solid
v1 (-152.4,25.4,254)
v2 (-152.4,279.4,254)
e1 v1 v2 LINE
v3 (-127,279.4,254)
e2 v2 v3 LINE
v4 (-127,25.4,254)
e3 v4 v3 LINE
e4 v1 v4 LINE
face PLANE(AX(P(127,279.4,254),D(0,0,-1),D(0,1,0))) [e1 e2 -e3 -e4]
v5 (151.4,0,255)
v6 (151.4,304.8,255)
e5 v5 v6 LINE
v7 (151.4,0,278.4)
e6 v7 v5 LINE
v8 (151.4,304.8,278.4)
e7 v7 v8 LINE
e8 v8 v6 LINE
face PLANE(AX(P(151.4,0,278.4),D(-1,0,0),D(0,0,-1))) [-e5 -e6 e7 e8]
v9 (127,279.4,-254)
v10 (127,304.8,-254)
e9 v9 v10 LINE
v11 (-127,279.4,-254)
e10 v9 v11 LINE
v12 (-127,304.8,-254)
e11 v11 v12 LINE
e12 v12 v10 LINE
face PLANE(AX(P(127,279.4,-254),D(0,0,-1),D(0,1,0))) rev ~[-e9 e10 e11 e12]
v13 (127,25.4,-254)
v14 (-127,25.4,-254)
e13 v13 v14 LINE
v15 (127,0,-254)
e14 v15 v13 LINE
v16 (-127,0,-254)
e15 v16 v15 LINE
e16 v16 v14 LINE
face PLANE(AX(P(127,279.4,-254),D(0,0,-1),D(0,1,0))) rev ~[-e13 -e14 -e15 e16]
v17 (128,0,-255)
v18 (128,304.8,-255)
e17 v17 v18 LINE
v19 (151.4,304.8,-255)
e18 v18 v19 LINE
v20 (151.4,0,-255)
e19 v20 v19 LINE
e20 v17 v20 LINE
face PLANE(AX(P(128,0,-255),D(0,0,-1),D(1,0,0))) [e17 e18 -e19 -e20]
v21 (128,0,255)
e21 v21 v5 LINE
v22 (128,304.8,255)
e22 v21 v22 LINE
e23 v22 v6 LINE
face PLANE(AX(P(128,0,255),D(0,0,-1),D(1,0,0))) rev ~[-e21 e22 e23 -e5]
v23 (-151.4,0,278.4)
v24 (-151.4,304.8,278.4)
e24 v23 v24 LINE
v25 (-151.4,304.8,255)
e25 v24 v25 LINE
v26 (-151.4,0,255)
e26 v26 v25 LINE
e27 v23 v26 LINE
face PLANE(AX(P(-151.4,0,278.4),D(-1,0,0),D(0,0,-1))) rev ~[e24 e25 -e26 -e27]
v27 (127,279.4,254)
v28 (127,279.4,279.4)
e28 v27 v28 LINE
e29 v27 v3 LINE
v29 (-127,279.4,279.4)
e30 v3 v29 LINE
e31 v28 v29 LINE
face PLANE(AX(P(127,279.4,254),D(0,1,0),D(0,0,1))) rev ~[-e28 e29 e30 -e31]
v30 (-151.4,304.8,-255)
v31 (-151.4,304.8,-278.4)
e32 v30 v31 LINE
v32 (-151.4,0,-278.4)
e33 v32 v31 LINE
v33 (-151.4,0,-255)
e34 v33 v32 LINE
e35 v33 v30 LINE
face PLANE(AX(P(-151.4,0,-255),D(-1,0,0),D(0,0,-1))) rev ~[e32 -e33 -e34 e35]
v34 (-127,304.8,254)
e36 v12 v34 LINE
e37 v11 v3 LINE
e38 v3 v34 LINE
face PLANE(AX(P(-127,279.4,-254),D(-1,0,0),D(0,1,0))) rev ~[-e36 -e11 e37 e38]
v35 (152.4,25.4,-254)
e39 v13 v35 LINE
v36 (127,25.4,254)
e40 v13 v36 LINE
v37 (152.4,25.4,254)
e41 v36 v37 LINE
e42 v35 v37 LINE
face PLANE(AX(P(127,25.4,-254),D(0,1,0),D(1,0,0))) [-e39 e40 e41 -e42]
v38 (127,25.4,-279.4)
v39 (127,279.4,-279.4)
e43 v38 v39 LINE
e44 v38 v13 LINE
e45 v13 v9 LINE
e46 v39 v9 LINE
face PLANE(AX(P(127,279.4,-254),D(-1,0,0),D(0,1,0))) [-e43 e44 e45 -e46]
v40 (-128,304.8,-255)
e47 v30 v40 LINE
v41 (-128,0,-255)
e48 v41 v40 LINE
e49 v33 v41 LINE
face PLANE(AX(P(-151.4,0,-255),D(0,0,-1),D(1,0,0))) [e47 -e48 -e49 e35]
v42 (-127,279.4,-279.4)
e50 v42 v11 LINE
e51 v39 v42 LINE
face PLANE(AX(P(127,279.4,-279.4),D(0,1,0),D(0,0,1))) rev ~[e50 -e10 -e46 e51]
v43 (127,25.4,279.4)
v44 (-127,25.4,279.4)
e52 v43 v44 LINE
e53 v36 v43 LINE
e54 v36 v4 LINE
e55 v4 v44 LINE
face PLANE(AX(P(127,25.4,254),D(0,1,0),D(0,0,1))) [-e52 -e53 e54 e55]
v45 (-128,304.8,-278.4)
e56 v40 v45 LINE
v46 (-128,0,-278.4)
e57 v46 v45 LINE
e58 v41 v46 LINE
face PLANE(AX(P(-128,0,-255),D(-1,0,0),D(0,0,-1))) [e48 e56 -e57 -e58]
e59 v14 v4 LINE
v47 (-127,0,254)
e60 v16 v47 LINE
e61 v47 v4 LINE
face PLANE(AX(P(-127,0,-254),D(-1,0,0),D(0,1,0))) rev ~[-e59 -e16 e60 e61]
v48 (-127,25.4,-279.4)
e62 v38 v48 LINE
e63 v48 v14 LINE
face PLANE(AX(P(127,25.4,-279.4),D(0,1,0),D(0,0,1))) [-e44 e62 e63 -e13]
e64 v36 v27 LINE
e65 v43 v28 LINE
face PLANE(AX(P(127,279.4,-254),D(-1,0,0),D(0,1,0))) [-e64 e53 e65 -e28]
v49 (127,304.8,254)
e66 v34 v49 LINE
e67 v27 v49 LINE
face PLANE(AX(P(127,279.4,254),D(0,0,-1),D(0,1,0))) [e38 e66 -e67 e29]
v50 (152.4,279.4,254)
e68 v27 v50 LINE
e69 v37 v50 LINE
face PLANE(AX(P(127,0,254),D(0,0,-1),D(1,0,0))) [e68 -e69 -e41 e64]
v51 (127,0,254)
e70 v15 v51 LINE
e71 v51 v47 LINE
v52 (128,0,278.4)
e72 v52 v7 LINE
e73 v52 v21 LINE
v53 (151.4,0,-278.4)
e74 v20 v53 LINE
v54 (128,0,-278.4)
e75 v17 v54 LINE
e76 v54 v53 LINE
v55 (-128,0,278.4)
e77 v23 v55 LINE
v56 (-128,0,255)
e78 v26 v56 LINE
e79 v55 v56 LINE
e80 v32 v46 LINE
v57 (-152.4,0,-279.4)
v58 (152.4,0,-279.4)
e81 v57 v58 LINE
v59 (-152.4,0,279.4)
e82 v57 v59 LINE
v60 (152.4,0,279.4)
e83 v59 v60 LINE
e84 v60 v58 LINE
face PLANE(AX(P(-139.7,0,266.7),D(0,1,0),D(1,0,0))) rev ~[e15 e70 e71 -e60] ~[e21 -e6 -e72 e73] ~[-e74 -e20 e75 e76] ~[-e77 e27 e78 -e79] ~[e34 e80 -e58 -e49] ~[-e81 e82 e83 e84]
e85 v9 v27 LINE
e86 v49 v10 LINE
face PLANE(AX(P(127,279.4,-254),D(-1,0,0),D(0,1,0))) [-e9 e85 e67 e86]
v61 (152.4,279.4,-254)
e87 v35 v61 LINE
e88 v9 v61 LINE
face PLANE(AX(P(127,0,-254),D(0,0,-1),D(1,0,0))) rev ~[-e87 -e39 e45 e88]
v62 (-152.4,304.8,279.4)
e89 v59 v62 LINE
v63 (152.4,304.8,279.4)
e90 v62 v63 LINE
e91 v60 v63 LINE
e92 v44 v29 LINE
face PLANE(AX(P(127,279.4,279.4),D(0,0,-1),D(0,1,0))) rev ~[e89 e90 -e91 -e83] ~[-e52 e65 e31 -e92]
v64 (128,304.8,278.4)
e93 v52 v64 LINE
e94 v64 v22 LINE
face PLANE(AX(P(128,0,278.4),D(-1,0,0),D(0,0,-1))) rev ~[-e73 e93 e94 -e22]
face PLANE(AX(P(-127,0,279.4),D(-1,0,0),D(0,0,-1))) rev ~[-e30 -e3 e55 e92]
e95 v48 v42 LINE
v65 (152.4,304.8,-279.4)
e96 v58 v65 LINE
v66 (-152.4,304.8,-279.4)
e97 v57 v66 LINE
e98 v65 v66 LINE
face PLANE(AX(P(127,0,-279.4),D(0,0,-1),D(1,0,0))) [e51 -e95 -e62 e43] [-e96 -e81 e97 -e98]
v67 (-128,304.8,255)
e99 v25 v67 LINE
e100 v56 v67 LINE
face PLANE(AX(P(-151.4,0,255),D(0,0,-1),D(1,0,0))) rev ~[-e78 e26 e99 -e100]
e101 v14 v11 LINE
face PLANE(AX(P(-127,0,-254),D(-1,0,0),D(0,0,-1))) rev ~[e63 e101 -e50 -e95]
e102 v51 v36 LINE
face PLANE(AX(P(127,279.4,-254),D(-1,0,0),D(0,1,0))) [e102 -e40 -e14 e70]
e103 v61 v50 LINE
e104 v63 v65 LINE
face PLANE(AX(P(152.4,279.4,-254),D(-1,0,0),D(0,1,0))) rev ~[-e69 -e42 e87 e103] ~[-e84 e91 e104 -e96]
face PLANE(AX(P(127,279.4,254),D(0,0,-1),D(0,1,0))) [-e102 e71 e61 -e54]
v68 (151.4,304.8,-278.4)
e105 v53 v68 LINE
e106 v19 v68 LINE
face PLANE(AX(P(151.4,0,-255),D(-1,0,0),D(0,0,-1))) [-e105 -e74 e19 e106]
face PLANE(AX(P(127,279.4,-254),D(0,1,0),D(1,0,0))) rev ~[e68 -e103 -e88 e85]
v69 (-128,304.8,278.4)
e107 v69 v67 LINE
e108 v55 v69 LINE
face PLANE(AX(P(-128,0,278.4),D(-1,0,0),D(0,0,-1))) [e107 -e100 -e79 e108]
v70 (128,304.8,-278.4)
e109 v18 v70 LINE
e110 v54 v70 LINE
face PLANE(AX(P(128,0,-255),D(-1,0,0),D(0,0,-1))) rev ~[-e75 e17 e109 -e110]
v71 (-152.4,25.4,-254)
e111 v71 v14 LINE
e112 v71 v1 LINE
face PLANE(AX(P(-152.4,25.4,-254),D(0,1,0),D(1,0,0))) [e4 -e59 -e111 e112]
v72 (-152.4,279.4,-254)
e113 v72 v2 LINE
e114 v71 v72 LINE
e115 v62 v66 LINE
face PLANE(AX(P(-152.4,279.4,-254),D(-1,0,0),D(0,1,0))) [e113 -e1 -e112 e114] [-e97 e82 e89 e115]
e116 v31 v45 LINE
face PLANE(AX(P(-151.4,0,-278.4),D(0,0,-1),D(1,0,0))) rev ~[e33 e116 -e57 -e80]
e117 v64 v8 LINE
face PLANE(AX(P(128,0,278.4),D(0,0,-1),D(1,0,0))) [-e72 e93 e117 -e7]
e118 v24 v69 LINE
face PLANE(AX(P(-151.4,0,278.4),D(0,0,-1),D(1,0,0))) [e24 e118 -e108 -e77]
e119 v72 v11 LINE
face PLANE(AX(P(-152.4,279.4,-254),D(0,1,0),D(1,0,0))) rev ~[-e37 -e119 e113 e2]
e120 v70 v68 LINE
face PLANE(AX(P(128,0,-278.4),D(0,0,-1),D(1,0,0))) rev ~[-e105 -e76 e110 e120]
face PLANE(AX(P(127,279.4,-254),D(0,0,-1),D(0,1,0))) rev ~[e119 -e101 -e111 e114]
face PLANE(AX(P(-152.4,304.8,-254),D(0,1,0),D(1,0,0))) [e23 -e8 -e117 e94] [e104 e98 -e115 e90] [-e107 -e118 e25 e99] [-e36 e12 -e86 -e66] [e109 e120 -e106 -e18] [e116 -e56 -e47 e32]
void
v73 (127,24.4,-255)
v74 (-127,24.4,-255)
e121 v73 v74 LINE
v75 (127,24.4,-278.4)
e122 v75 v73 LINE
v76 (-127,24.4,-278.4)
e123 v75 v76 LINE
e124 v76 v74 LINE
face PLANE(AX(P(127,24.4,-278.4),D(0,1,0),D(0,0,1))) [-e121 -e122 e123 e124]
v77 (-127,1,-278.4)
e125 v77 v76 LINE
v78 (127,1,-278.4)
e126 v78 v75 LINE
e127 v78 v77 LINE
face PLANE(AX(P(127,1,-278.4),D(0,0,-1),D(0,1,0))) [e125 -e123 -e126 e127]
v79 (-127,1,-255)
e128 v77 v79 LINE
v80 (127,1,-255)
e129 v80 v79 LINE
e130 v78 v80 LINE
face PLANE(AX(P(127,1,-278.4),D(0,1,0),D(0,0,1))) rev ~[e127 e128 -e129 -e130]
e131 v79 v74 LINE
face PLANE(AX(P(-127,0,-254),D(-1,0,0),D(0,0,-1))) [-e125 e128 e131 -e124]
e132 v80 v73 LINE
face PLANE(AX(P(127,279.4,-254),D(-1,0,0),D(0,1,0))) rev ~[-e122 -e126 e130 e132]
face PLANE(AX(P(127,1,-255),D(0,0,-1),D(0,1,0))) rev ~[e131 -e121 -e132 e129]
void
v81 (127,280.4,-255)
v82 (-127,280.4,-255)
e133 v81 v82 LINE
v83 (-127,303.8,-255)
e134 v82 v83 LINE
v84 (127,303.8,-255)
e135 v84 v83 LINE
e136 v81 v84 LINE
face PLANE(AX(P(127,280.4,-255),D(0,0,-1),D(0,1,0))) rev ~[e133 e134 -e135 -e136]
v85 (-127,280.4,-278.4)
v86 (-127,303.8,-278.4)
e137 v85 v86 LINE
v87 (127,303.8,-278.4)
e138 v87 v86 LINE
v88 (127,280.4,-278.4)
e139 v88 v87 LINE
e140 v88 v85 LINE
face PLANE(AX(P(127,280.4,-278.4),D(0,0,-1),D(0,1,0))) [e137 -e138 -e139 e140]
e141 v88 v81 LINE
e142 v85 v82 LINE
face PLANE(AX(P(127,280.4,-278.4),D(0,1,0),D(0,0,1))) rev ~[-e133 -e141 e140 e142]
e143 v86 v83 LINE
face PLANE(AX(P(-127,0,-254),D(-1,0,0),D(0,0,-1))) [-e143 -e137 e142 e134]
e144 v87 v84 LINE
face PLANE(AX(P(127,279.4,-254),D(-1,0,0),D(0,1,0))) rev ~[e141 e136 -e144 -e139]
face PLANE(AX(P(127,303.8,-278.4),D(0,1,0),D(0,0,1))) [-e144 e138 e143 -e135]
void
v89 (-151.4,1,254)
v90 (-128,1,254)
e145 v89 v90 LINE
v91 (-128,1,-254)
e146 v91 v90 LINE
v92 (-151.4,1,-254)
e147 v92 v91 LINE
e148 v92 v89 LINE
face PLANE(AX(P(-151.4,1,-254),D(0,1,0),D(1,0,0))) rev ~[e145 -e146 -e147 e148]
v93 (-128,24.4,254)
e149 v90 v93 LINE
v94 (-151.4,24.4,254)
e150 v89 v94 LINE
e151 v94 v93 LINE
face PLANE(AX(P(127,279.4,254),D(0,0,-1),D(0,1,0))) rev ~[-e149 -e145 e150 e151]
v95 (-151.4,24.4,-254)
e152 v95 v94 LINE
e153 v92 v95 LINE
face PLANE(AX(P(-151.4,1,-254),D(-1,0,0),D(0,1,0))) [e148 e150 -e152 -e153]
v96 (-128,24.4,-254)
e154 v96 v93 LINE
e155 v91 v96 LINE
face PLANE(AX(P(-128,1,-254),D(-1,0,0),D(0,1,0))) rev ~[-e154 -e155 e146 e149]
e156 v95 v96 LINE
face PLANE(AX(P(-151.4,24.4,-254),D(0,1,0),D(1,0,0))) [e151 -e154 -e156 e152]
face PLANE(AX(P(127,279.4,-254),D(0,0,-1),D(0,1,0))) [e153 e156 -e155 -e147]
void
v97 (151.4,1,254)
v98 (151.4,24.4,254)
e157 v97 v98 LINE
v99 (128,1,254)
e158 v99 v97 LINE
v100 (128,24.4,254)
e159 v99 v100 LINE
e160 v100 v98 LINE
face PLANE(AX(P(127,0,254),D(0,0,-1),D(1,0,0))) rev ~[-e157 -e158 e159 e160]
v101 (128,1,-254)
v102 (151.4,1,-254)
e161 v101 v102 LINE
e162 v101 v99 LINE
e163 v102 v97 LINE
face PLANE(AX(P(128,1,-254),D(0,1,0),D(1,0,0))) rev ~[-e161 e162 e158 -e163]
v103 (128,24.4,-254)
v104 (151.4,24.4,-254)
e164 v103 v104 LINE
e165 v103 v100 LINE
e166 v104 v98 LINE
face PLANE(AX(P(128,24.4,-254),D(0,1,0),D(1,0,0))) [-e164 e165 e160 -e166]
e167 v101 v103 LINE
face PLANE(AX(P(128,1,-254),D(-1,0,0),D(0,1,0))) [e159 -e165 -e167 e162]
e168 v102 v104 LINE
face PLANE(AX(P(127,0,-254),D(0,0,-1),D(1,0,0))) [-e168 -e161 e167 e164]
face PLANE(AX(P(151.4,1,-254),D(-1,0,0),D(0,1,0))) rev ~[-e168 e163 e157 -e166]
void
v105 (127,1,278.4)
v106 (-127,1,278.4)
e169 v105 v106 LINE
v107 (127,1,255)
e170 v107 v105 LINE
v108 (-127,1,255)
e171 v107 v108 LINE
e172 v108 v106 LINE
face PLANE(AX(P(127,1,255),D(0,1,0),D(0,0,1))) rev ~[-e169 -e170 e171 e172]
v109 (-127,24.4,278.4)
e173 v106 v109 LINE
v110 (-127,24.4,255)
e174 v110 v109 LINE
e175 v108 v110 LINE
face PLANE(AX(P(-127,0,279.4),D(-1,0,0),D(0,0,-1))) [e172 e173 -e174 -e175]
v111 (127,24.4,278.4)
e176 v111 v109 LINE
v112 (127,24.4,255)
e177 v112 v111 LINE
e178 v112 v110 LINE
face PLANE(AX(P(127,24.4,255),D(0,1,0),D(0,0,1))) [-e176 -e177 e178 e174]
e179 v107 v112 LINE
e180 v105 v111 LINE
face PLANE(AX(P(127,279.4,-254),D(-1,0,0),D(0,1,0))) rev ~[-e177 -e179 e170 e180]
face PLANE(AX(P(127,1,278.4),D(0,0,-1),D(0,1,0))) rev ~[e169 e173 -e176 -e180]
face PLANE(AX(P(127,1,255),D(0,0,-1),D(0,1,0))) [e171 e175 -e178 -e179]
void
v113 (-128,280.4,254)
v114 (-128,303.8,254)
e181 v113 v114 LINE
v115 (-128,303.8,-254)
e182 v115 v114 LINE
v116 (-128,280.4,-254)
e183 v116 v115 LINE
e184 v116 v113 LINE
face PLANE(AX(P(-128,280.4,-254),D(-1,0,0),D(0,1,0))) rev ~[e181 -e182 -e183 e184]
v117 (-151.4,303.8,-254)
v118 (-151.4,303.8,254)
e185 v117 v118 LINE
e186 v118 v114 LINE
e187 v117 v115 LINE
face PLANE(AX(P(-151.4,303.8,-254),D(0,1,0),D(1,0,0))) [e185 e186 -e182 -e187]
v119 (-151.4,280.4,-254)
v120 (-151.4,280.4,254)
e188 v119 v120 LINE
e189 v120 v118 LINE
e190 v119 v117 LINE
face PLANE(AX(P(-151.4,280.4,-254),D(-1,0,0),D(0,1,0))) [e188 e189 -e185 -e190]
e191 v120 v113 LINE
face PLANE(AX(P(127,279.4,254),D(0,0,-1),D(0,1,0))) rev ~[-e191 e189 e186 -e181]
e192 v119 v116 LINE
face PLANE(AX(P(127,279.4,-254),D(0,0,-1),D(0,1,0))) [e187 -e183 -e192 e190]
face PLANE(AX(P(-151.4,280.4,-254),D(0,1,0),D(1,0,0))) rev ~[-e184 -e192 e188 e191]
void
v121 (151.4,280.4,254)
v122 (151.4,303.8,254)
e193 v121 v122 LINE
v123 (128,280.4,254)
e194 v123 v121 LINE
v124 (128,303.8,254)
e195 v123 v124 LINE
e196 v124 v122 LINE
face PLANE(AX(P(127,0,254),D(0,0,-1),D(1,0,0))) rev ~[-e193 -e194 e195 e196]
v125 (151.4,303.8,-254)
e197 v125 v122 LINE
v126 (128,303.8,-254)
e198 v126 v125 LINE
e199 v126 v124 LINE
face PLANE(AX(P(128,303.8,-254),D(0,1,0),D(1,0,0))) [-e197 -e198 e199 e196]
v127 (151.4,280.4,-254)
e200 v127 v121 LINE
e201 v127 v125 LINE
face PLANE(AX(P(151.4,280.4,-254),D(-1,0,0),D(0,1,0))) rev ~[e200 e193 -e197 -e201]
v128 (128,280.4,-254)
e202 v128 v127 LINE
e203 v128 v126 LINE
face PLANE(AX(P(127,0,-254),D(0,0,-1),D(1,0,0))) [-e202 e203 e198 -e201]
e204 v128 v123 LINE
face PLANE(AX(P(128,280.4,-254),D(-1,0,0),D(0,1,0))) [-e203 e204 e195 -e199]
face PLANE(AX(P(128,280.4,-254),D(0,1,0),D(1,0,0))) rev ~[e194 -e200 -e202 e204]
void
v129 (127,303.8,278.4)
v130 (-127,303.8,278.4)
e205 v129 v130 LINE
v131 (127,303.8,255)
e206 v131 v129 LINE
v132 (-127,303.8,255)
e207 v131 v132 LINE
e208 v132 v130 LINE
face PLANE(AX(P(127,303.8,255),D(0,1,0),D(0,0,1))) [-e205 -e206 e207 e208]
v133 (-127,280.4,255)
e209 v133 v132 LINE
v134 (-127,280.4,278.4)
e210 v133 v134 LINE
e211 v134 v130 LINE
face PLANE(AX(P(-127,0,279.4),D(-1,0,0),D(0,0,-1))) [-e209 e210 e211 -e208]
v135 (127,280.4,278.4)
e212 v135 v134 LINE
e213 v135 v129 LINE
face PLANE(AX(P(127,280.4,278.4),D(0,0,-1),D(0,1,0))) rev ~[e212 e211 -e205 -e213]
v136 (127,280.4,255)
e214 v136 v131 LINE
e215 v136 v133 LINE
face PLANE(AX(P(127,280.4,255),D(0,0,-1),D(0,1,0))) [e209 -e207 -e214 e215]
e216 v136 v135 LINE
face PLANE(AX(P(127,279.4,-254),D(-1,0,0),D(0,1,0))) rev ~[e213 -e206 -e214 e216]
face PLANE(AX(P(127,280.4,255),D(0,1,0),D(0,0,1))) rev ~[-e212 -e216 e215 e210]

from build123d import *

# Parameters (mm, degrees)
SKETCH1_W             = 25.4
SKETCH1_H             = 25.4
SKETCH1_W_2           = 23.4
SKETCH1_H_2           = 23.4
BOSS_EXTRUDE1_DEPTH   = 304.8
BOSS_EXTRUDE1_2_DEPTH = 304.8
BOSS_EXTRUDE1_3_DEPTH = 304.8
BOSS_EXTRUDE1_4_DEPTH = 304.8
SKETCH2_W             = 25.4
SKETCH2_H             = 25.4
SKETCH2_W_2           = 23.4
SKETCH2_H_2           = 23.4
BOSS_EXTRUDE2_DEPTH   = 508
SKETCH3_W             = 25.4
SKETCH3_H             = 25.4
SKETCH3_W_2           = 23.4
SKETCH3_H_2           = 23.4
BOSS_EXTRUDE4_DEPTH   = 254
LPATTERN2_COUNT       = 2
LPATTERN2_PITCH       = 279.4


with BuildPart() as part:
    # Sketch1 → Boss-Extrude1 (new body)
    with BuildSketch(Plane(origin=(0, 0, 0), x_dir=(1, 0, 0), z_dir=(0, 1, 0))):
        with Locations((139.7, 266.7)):
            Rectangle(SKETCH1_W, SKETCH1_H)
        with Locations((139.7, 266.7)):
            Rectangle(SKETCH1_W_2, SKETCH1_H_2, mode=Mode.SUBTRACT)
    extrude(amount=BOSS_EXTRUDE1_DEPTH)



with BuildPart() as body_2:
    # Sketch1 → Boss-Extrude1 2 (new body)
    with BuildSketch(Plane(origin=(0, 0, 0), x_dir=(1, 0, 0), z_dir=(0, 1, 0))):
        with Locations((139.7, -266.7)):
            Rectangle(SKETCH1_W, SKETCH1_H)
        with Locations((139.7, -266.7)):
            Rectangle(SKETCH1_W_2, SKETCH1_H_2, mode=Mode.SUBTRACT)
    extrude(amount=BOSS_EXTRUDE1_2_DEPTH)


with BuildPart() as body_3:
    # Sketch1 → Boss-Extrude1 3 (new body)
    with BuildSketch(Plane(origin=(0, 0, 0), x_dir=(1, 0, 0), z_dir=(0, 1, 0))):
        with Locations((-139.7, -266.7)):
            Rectangle(SKETCH1_W, SKETCH1_H)
        with Locations((-139.7, -266.7)):
            Rectangle(SKETCH1_W_2, SKETCH1_H_2, mode=Mode.SUBTRACT)
    extrude(amount=BOSS_EXTRUDE1_3_DEPTH)


with BuildPart() as body_4:
    # Sketch1 → Boss-Extrude1 4 (new body)
    with BuildSketch(Plane(origin=(0, 0, 0), x_dir=(1, 0, 0), z_dir=(0, 1, 0))):
        with Locations((-139.7, 266.7)):
            Rectangle(SKETCH1_W, SKETCH1_H)
        with Locations((-139.7, 266.7)):
            Rectangle(SKETCH1_W_2, SKETCH1_H_2, mode=Mode.SUBTRACT)
    extrude(amount=BOSS_EXTRUDE1_4_DEPTH)


with BuildPart() as part_1:
    add(part.part)

    add(body_2.part)  # Boss-Extrude2 merges body 2
    # Sketch2 → Boss-Extrude2 (add)
    # profile 1 of 2: a face of its own
    with BuildSketch(Plane.XY.offset(-254)):
        with Locations((139.7, 292.1)):
            Rectangle(SKETCH2_W, SKETCH2_H)
        with Locations((139.7, 292.1)):
            Rectangle(SKETCH2_W_2, SKETCH2_H_2, mode=Mode.SUBTRACT)
    # profile 2 of 2: a face of its own
    with BuildSketch(Plane.XY.offset(-254)):
        with Locations((139.7, 12.7)):
            Rectangle(SKETCH2_W, SKETCH2_H)
        with Locations((139.7, 12.7)):
            Rectangle(SKETCH2_W_2, SKETCH2_H_2, mode=Mode.SUBTRACT)
    boss_extrude2 = extrude(amount=BOSS_EXTRUDE2_DEPTH)


    add(body_3.part)  # Boss-Extrude4 merges body 3

    add(body_4.part)  # Boss-Extrude4 merges body 4
    # Sketch3 → Boss-Extrude4 (add)
    # profile 1 of 4: a face of its own
    with BuildSketch(Plane.ZY.offset(-127)):
        with Locations((266.7, 292.1)):
            Rectangle(SKETCH3_W, SKETCH3_H)
        with Locations((266.7, 292.1)):
            Rectangle(SKETCH3_W_2, SKETCH3_H_2, mode=Mode.SUBTRACT)
    # profile 2 of 4: a face of its own
    with BuildSketch(Plane.ZY.offset(-127)):
        with Locations((-266.7, 292.1)):
            Rectangle(SKETCH3_W, SKETCH3_H)
        with Locations((-266.7, 292.1)):
            Rectangle(SKETCH3_W_2, SKETCH3_H_2, mode=Mode.SUBTRACT)
    # profile 3 of 4: a face of its own
    with BuildSketch(Plane.ZY.offset(-127)):
        with Locations((266.7, 12.7)):
            Rectangle(SKETCH3_W, SKETCH3_H)
        with Locations((266.7, 12.7)):
            Rectangle(SKETCH3_W_2, SKETCH3_H_2, mode=Mode.SUBTRACT)
    # profile 4 of 4: a face of its own
    with BuildSketch(Plane.ZY.offset(-127)):
        with Locations((-266.7, 12.7)):
            Rectangle(SKETCH3_W, SKETCH3_H)
        with Locations((-266.7, 12.7)):
            Rectangle(SKETCH3_W_2, SKETCH3_H_2, mode=Mode.SUBTRACT)
    extrude(amount=BOSS_EXTRUDE4_DEPTH)

    # LPattern2: Boss-Extrude2 ×2
    with Locations(*[(-i * LPATTERN2_PITCH, 0, 0) for i in range(1, LPATTERN2_COUNT)]):
        add(boss_extrude2)


solid = part_1.part
